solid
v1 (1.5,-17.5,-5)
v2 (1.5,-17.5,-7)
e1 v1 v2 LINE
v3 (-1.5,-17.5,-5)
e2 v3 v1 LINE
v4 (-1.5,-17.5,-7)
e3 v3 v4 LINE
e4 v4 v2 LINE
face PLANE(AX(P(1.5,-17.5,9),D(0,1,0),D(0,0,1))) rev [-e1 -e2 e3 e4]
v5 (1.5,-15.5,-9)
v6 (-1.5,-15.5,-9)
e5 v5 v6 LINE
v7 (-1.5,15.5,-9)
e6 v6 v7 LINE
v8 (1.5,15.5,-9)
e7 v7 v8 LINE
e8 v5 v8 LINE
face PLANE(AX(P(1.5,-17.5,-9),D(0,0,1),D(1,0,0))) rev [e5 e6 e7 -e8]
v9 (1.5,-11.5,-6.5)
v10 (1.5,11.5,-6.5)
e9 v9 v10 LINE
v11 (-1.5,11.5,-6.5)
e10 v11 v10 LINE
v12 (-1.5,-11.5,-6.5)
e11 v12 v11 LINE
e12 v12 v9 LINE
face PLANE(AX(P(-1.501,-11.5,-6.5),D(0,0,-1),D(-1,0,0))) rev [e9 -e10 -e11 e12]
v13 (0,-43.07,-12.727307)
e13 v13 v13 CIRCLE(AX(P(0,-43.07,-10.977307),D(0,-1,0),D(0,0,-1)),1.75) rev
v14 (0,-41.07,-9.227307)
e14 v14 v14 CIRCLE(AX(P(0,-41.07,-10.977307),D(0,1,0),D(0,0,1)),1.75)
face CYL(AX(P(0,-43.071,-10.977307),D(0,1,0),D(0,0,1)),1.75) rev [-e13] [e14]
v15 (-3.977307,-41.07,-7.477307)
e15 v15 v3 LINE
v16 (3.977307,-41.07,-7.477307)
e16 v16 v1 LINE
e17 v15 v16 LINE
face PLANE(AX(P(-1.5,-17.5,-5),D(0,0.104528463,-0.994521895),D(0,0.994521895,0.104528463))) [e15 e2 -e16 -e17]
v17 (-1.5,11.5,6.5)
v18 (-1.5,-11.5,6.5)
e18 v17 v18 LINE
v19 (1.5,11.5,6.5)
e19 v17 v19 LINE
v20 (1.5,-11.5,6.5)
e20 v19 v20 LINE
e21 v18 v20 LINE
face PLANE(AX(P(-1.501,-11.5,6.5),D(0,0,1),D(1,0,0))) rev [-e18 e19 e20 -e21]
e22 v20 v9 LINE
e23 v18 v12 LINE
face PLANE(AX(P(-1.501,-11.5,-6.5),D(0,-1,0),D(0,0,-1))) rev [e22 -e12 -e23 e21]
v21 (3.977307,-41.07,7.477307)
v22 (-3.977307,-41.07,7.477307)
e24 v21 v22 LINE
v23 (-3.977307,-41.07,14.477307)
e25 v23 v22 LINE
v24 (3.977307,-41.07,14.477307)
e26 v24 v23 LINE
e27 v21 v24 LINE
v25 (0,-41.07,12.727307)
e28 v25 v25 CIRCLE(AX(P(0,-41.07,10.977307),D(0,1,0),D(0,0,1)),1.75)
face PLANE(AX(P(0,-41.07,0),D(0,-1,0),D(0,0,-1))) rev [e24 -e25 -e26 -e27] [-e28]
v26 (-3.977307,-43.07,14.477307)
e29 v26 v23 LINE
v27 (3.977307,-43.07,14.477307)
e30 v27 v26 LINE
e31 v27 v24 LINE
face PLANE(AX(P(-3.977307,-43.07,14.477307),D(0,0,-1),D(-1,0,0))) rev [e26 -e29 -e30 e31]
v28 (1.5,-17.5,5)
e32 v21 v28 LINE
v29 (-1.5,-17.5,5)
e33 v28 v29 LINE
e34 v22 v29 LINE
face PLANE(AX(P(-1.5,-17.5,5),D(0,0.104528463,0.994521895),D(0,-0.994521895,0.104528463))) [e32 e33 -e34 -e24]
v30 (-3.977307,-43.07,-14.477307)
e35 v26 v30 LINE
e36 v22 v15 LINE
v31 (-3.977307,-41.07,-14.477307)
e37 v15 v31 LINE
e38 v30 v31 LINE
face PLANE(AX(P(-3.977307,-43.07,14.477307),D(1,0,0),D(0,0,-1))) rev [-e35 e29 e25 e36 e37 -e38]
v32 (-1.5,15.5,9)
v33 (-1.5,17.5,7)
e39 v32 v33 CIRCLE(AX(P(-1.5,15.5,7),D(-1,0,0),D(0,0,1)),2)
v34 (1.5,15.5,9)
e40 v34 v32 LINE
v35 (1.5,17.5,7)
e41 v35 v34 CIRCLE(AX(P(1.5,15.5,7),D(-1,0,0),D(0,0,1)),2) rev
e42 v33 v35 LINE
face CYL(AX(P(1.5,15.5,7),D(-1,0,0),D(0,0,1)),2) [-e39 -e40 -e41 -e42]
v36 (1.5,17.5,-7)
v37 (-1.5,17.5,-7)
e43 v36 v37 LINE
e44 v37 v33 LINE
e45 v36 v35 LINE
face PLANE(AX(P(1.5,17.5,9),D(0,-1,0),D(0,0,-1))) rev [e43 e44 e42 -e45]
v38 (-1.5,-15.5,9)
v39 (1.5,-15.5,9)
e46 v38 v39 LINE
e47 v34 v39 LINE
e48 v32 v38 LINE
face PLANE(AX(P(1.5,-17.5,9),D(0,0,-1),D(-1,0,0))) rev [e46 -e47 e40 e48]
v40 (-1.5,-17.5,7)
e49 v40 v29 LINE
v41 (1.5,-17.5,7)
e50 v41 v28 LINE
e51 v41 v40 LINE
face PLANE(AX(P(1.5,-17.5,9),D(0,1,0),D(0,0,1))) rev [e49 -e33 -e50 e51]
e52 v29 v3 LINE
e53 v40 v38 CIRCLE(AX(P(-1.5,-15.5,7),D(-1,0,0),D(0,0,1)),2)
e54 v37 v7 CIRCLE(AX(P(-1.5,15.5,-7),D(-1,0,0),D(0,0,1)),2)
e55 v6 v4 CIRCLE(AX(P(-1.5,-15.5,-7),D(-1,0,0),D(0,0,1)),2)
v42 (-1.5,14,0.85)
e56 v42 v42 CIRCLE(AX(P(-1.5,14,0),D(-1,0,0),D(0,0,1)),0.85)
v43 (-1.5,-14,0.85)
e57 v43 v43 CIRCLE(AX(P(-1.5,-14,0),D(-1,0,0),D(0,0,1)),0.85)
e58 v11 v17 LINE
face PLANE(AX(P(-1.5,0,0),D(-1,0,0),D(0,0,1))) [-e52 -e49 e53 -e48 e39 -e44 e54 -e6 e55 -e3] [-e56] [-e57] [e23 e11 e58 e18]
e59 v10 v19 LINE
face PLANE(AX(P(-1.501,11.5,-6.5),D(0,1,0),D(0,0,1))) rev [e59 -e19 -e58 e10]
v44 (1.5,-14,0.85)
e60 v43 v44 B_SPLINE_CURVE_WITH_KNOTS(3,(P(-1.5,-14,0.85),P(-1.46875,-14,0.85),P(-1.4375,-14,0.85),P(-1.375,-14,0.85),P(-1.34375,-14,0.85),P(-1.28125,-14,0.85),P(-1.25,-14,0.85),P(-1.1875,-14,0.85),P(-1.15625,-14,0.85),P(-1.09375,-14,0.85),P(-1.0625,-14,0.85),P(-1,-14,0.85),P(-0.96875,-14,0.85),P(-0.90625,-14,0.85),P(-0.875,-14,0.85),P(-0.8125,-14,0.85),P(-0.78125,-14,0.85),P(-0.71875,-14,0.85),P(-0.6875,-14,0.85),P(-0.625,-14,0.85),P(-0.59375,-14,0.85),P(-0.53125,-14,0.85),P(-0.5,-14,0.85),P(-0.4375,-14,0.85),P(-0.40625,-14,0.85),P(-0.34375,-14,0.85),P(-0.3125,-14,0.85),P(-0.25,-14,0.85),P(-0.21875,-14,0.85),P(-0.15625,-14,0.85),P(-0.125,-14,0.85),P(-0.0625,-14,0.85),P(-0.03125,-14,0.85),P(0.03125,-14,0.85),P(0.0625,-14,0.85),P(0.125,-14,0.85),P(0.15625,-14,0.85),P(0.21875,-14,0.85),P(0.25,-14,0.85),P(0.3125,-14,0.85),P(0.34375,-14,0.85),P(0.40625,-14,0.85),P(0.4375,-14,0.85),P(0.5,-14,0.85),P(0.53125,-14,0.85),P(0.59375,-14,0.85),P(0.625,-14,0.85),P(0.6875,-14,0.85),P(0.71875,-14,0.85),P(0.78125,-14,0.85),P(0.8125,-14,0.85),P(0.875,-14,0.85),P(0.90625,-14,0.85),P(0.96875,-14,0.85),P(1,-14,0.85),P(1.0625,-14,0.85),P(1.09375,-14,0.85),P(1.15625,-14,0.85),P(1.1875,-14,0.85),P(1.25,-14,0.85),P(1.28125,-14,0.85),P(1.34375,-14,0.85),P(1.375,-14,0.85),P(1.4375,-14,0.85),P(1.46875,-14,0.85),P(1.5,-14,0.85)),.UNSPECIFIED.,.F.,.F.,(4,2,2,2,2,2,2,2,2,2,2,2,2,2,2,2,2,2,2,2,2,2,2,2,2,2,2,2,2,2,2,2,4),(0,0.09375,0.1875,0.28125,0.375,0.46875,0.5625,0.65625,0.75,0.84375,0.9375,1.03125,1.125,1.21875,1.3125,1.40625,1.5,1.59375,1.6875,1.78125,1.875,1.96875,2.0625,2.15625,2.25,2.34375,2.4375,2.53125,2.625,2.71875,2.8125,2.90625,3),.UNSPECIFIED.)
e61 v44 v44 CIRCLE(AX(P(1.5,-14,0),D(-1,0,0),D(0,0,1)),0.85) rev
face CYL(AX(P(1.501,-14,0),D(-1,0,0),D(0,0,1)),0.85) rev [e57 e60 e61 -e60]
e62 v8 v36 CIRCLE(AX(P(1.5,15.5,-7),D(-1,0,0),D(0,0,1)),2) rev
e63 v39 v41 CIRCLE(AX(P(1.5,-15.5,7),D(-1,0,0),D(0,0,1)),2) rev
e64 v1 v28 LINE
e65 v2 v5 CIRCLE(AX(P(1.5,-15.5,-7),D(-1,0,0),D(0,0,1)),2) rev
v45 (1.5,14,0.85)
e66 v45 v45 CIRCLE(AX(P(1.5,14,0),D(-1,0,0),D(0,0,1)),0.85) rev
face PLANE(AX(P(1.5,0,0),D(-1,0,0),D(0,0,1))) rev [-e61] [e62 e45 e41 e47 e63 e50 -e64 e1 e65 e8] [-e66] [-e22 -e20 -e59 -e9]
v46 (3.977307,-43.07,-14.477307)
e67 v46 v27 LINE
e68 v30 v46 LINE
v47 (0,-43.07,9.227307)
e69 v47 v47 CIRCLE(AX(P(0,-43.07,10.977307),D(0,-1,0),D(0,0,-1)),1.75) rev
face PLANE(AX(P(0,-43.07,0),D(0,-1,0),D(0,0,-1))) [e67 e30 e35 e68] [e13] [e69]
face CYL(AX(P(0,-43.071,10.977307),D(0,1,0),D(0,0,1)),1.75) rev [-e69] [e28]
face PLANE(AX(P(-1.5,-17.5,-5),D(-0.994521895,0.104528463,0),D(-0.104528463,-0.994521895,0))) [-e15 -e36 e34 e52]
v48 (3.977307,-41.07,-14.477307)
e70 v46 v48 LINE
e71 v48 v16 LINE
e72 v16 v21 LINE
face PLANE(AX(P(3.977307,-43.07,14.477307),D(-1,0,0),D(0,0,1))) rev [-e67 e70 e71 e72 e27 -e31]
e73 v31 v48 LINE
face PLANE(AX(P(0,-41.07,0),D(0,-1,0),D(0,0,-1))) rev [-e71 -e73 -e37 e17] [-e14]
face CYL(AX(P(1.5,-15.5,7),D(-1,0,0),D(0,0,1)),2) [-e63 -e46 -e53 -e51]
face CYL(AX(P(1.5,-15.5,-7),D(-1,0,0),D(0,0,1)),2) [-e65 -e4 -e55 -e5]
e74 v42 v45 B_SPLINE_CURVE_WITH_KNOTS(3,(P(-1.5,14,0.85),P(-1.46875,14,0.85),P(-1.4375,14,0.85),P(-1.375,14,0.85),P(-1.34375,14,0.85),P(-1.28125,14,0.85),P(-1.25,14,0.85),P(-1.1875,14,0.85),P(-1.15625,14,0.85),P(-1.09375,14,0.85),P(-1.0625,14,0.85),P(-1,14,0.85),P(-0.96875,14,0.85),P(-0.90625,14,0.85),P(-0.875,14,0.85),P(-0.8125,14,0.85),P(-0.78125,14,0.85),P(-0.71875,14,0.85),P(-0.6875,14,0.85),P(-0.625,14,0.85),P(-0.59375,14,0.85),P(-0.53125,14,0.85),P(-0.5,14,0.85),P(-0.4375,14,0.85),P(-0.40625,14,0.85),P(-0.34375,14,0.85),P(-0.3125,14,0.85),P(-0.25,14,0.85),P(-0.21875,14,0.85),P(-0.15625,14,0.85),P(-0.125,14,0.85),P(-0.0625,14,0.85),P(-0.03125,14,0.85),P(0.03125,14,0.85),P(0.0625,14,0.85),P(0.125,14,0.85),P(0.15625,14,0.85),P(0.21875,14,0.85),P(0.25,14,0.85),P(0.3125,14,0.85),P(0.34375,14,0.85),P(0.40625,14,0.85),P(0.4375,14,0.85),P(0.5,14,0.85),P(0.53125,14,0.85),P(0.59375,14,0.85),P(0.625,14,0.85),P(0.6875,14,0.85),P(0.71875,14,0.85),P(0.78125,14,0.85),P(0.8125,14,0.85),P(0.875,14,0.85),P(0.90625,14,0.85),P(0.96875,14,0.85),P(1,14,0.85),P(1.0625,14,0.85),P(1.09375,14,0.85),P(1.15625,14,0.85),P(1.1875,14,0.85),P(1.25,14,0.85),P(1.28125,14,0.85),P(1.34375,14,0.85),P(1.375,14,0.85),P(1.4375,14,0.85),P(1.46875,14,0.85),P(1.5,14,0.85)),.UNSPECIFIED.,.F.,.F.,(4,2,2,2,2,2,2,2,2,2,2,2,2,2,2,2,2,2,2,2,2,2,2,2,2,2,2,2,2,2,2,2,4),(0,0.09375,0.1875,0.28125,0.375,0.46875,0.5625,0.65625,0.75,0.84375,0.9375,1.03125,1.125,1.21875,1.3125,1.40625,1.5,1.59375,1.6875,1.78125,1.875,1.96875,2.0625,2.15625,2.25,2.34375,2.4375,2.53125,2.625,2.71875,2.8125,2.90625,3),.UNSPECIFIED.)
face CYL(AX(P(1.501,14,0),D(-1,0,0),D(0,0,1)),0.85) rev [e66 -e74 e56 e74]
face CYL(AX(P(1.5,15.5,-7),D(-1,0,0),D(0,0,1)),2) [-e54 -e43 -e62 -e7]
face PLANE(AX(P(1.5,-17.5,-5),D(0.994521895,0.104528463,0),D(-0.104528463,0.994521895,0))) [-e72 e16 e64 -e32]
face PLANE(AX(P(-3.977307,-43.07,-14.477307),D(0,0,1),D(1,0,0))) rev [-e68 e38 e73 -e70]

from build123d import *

# Parameters (mm, degrees)
ESBO_O1_W                = 18
ESBO_O1_H                = 35
RESSALTO_EXTRUS_O1_DEPTH = 1.5
CORTE_EXTRUS_O1_REACH    = 21.906
ESBO_O2_W                = 13
ESBO_O2_H                = 23
CORTE_EXTRUS_O2_REACH    = 21.906
ESBO_O3_R                = 0.85
FILETE1_R                = 2
ESBO_O4_W                = 3
ESBO_O4_H                = 10
RESSALTO_EXTRUS_O2_DEPTH = 23.57
RESSALTO_EXTRUS_O2_TAPER = -6
ESBO_O5_W                = 7.95461365
ESBO_O5_H                = 28.95461365
RESSALTO_EXTRUS_O3_DEPTH = 2
CORTE_EXTRUS_O3_REACH    = 62.464
ESBO_O6_R                = 1.75


with BuildPart() as part:
    # Esboço1 → Ressalto-extrusão1 (new, symmetric)
    with BuildSketch(Plane(origin=(0, 0, 0), x_dir=(0, 0, -1), z_dir=(1, 0, 0))):
        Rectangle(ESBO_O1_W, ESBO_O1_H)
    extrude(amount=RESSALTO_EXTRUS_O1_DEPTH, both=True)

    # Esboço2 → Corte-extrusão1 (cut, up to next)
    with BuildSketch(Plane(origin=(1.5, 0, 0), x_dir=(0, 0, -1), z_dir=(1, 0, 0)), mode=Mode.PRIVATE) as corte_extrus_o1_sk1:
        Rectangle(ESBO_O2_W, ESBO_O2_H)
    corte_extrus_o1_tool1 = extrude(corte_extrus_o1_sk1.sketch, amount=-CORTE_EXTRUS_O1_REACH, mode=Mode.PRIVATE) & part.part
    add(corte_extrus_o1_tool1.solids().sort_by_distance((1.5, 0, 0))[0], mode=Mode.SUBTRACT)

    # Esboço3 → Corte-extrusão2 (cut, up to next)
    with BuildSketch(Plane.ZY.offset(1.5), mode=Mode.PRIVATE) as corte_extrus_o2_sk1:
        with Locations((0, 14)):
            Circle(ESBO_O3_R)
    corte_extrus_o2_tool1 = extrude(corte_extrus_o2_sk1.sketch, amount=-CORTE_EXTRUS_O2_REACH, mode=Mode.PRIVATE) & part.part
    # Esboço3 → Corte-extrusão2 (cut, up to next)
    with BuildSketch(Plane.ZY.offset(1.5), mode=Mode.PRIVATE) as corte_extrus_o2_sk2:
        with Locations((0, -14)):
            Circle(ESBO_O3_R)
    corte_extrus_o2_tool2 = extrude(corte_extrus_o2_sk2.sketch, amount=-CORTE_EXTRUS_O2_REACH, mode=Mode.PRIVATE) & part.part
    add(corte_extrus_o2_tool1.solids().sort_by_distance((-1.5, 14, 0))[0], mode=Mode.SUBTRACT)
    add(corte_extrus_o2_tool2.solids().sort_by_distance((-1.5, -14, 0))[0], mode=Mode.SUBTRACT)

    # Filete1
    filete1_edges = [part.edges().sort_by_distance(p)[0] for p in [
        (0, -17.5, -9),
        (0, -17.5, 9),
        (0, 17.5, 9),
        (0, 17.5, -9),
    ]]
    fillet(filete1_edges, radius=FILETE1_R)

    # Esboço4 → Ressalto-extrusão2 (add)
    with BuildSketch(Plane.XZ.offset(17.5)):
        Rectangle(ESBO_O4_W, ESBO_O4_H)
    extrude(amount=RESSALTO_EXTRUS_O2_DEPTH, taper=RESSALTO_EXTRUS_O2_TAPER)

    # Esboço5 → Ressalto-extrusão3 (add)
    with BuildSketch(Plane.XZ.offset(41.07)):
        Rectangle(ESBO_O5_W, ESBO_O5_H)
    extrude(amount=RESSALTO_EXTRUS_O3_DEPTH)

    # Esboço6 → Corte-extrusão3 (cut, up to next)
    with BuildSketch(Plane(origin=(0, -41.07, 0), x_dir=(1, 0, 0), z_dir=(0, 1, 0)), mode=Mode.PRIVATE) as corte_extrus_o3_sk1:
        with Locations(Location((0, 10.977306825, 0), (0, 0, 270))):
            Circle(ESBO_O6_R)
    corte_extrus_o3_tool1 = extrude(corte_extrus_o3_sk1.sketch, amount=-CORTE_EXTRUS_O3_REACH, mode=Mode.PRIVATE) & part.part
    # Esboço6 → Corte-extrusão3 (cut, up to next)
    with BuildSketch(Plane(origin=(0, -41.07, 0), x_dir=(1, 0, 0), z_dir=(0, 1, 0)), mode=Mode.PRIVATE) as corte_extrus_o3_sk2:
        with Locations(Location((0, -10.977306825, 0), (0, 0, 270))):
            Circle(ESBO_O6_R)
    corte_extrus_o3_tool2 = extrude(corte_extrus_o3_sk2.sketch, amount=-CORTE_EXTRUS_O3_REACH, mode=Mode.PRIVATE) & part.part
    add(corte_extrus_o3_tool1.solids().sort_by_distance((0, -41.07, -10.977307))[0], mode=Mode.SUBTRACT)
    add(corte_extrus_o3_tool2.solids().sort_by_distance((0, -41.07, 10.977307))[0], mode=Mode.SUBTRACT)


solid = part.part
